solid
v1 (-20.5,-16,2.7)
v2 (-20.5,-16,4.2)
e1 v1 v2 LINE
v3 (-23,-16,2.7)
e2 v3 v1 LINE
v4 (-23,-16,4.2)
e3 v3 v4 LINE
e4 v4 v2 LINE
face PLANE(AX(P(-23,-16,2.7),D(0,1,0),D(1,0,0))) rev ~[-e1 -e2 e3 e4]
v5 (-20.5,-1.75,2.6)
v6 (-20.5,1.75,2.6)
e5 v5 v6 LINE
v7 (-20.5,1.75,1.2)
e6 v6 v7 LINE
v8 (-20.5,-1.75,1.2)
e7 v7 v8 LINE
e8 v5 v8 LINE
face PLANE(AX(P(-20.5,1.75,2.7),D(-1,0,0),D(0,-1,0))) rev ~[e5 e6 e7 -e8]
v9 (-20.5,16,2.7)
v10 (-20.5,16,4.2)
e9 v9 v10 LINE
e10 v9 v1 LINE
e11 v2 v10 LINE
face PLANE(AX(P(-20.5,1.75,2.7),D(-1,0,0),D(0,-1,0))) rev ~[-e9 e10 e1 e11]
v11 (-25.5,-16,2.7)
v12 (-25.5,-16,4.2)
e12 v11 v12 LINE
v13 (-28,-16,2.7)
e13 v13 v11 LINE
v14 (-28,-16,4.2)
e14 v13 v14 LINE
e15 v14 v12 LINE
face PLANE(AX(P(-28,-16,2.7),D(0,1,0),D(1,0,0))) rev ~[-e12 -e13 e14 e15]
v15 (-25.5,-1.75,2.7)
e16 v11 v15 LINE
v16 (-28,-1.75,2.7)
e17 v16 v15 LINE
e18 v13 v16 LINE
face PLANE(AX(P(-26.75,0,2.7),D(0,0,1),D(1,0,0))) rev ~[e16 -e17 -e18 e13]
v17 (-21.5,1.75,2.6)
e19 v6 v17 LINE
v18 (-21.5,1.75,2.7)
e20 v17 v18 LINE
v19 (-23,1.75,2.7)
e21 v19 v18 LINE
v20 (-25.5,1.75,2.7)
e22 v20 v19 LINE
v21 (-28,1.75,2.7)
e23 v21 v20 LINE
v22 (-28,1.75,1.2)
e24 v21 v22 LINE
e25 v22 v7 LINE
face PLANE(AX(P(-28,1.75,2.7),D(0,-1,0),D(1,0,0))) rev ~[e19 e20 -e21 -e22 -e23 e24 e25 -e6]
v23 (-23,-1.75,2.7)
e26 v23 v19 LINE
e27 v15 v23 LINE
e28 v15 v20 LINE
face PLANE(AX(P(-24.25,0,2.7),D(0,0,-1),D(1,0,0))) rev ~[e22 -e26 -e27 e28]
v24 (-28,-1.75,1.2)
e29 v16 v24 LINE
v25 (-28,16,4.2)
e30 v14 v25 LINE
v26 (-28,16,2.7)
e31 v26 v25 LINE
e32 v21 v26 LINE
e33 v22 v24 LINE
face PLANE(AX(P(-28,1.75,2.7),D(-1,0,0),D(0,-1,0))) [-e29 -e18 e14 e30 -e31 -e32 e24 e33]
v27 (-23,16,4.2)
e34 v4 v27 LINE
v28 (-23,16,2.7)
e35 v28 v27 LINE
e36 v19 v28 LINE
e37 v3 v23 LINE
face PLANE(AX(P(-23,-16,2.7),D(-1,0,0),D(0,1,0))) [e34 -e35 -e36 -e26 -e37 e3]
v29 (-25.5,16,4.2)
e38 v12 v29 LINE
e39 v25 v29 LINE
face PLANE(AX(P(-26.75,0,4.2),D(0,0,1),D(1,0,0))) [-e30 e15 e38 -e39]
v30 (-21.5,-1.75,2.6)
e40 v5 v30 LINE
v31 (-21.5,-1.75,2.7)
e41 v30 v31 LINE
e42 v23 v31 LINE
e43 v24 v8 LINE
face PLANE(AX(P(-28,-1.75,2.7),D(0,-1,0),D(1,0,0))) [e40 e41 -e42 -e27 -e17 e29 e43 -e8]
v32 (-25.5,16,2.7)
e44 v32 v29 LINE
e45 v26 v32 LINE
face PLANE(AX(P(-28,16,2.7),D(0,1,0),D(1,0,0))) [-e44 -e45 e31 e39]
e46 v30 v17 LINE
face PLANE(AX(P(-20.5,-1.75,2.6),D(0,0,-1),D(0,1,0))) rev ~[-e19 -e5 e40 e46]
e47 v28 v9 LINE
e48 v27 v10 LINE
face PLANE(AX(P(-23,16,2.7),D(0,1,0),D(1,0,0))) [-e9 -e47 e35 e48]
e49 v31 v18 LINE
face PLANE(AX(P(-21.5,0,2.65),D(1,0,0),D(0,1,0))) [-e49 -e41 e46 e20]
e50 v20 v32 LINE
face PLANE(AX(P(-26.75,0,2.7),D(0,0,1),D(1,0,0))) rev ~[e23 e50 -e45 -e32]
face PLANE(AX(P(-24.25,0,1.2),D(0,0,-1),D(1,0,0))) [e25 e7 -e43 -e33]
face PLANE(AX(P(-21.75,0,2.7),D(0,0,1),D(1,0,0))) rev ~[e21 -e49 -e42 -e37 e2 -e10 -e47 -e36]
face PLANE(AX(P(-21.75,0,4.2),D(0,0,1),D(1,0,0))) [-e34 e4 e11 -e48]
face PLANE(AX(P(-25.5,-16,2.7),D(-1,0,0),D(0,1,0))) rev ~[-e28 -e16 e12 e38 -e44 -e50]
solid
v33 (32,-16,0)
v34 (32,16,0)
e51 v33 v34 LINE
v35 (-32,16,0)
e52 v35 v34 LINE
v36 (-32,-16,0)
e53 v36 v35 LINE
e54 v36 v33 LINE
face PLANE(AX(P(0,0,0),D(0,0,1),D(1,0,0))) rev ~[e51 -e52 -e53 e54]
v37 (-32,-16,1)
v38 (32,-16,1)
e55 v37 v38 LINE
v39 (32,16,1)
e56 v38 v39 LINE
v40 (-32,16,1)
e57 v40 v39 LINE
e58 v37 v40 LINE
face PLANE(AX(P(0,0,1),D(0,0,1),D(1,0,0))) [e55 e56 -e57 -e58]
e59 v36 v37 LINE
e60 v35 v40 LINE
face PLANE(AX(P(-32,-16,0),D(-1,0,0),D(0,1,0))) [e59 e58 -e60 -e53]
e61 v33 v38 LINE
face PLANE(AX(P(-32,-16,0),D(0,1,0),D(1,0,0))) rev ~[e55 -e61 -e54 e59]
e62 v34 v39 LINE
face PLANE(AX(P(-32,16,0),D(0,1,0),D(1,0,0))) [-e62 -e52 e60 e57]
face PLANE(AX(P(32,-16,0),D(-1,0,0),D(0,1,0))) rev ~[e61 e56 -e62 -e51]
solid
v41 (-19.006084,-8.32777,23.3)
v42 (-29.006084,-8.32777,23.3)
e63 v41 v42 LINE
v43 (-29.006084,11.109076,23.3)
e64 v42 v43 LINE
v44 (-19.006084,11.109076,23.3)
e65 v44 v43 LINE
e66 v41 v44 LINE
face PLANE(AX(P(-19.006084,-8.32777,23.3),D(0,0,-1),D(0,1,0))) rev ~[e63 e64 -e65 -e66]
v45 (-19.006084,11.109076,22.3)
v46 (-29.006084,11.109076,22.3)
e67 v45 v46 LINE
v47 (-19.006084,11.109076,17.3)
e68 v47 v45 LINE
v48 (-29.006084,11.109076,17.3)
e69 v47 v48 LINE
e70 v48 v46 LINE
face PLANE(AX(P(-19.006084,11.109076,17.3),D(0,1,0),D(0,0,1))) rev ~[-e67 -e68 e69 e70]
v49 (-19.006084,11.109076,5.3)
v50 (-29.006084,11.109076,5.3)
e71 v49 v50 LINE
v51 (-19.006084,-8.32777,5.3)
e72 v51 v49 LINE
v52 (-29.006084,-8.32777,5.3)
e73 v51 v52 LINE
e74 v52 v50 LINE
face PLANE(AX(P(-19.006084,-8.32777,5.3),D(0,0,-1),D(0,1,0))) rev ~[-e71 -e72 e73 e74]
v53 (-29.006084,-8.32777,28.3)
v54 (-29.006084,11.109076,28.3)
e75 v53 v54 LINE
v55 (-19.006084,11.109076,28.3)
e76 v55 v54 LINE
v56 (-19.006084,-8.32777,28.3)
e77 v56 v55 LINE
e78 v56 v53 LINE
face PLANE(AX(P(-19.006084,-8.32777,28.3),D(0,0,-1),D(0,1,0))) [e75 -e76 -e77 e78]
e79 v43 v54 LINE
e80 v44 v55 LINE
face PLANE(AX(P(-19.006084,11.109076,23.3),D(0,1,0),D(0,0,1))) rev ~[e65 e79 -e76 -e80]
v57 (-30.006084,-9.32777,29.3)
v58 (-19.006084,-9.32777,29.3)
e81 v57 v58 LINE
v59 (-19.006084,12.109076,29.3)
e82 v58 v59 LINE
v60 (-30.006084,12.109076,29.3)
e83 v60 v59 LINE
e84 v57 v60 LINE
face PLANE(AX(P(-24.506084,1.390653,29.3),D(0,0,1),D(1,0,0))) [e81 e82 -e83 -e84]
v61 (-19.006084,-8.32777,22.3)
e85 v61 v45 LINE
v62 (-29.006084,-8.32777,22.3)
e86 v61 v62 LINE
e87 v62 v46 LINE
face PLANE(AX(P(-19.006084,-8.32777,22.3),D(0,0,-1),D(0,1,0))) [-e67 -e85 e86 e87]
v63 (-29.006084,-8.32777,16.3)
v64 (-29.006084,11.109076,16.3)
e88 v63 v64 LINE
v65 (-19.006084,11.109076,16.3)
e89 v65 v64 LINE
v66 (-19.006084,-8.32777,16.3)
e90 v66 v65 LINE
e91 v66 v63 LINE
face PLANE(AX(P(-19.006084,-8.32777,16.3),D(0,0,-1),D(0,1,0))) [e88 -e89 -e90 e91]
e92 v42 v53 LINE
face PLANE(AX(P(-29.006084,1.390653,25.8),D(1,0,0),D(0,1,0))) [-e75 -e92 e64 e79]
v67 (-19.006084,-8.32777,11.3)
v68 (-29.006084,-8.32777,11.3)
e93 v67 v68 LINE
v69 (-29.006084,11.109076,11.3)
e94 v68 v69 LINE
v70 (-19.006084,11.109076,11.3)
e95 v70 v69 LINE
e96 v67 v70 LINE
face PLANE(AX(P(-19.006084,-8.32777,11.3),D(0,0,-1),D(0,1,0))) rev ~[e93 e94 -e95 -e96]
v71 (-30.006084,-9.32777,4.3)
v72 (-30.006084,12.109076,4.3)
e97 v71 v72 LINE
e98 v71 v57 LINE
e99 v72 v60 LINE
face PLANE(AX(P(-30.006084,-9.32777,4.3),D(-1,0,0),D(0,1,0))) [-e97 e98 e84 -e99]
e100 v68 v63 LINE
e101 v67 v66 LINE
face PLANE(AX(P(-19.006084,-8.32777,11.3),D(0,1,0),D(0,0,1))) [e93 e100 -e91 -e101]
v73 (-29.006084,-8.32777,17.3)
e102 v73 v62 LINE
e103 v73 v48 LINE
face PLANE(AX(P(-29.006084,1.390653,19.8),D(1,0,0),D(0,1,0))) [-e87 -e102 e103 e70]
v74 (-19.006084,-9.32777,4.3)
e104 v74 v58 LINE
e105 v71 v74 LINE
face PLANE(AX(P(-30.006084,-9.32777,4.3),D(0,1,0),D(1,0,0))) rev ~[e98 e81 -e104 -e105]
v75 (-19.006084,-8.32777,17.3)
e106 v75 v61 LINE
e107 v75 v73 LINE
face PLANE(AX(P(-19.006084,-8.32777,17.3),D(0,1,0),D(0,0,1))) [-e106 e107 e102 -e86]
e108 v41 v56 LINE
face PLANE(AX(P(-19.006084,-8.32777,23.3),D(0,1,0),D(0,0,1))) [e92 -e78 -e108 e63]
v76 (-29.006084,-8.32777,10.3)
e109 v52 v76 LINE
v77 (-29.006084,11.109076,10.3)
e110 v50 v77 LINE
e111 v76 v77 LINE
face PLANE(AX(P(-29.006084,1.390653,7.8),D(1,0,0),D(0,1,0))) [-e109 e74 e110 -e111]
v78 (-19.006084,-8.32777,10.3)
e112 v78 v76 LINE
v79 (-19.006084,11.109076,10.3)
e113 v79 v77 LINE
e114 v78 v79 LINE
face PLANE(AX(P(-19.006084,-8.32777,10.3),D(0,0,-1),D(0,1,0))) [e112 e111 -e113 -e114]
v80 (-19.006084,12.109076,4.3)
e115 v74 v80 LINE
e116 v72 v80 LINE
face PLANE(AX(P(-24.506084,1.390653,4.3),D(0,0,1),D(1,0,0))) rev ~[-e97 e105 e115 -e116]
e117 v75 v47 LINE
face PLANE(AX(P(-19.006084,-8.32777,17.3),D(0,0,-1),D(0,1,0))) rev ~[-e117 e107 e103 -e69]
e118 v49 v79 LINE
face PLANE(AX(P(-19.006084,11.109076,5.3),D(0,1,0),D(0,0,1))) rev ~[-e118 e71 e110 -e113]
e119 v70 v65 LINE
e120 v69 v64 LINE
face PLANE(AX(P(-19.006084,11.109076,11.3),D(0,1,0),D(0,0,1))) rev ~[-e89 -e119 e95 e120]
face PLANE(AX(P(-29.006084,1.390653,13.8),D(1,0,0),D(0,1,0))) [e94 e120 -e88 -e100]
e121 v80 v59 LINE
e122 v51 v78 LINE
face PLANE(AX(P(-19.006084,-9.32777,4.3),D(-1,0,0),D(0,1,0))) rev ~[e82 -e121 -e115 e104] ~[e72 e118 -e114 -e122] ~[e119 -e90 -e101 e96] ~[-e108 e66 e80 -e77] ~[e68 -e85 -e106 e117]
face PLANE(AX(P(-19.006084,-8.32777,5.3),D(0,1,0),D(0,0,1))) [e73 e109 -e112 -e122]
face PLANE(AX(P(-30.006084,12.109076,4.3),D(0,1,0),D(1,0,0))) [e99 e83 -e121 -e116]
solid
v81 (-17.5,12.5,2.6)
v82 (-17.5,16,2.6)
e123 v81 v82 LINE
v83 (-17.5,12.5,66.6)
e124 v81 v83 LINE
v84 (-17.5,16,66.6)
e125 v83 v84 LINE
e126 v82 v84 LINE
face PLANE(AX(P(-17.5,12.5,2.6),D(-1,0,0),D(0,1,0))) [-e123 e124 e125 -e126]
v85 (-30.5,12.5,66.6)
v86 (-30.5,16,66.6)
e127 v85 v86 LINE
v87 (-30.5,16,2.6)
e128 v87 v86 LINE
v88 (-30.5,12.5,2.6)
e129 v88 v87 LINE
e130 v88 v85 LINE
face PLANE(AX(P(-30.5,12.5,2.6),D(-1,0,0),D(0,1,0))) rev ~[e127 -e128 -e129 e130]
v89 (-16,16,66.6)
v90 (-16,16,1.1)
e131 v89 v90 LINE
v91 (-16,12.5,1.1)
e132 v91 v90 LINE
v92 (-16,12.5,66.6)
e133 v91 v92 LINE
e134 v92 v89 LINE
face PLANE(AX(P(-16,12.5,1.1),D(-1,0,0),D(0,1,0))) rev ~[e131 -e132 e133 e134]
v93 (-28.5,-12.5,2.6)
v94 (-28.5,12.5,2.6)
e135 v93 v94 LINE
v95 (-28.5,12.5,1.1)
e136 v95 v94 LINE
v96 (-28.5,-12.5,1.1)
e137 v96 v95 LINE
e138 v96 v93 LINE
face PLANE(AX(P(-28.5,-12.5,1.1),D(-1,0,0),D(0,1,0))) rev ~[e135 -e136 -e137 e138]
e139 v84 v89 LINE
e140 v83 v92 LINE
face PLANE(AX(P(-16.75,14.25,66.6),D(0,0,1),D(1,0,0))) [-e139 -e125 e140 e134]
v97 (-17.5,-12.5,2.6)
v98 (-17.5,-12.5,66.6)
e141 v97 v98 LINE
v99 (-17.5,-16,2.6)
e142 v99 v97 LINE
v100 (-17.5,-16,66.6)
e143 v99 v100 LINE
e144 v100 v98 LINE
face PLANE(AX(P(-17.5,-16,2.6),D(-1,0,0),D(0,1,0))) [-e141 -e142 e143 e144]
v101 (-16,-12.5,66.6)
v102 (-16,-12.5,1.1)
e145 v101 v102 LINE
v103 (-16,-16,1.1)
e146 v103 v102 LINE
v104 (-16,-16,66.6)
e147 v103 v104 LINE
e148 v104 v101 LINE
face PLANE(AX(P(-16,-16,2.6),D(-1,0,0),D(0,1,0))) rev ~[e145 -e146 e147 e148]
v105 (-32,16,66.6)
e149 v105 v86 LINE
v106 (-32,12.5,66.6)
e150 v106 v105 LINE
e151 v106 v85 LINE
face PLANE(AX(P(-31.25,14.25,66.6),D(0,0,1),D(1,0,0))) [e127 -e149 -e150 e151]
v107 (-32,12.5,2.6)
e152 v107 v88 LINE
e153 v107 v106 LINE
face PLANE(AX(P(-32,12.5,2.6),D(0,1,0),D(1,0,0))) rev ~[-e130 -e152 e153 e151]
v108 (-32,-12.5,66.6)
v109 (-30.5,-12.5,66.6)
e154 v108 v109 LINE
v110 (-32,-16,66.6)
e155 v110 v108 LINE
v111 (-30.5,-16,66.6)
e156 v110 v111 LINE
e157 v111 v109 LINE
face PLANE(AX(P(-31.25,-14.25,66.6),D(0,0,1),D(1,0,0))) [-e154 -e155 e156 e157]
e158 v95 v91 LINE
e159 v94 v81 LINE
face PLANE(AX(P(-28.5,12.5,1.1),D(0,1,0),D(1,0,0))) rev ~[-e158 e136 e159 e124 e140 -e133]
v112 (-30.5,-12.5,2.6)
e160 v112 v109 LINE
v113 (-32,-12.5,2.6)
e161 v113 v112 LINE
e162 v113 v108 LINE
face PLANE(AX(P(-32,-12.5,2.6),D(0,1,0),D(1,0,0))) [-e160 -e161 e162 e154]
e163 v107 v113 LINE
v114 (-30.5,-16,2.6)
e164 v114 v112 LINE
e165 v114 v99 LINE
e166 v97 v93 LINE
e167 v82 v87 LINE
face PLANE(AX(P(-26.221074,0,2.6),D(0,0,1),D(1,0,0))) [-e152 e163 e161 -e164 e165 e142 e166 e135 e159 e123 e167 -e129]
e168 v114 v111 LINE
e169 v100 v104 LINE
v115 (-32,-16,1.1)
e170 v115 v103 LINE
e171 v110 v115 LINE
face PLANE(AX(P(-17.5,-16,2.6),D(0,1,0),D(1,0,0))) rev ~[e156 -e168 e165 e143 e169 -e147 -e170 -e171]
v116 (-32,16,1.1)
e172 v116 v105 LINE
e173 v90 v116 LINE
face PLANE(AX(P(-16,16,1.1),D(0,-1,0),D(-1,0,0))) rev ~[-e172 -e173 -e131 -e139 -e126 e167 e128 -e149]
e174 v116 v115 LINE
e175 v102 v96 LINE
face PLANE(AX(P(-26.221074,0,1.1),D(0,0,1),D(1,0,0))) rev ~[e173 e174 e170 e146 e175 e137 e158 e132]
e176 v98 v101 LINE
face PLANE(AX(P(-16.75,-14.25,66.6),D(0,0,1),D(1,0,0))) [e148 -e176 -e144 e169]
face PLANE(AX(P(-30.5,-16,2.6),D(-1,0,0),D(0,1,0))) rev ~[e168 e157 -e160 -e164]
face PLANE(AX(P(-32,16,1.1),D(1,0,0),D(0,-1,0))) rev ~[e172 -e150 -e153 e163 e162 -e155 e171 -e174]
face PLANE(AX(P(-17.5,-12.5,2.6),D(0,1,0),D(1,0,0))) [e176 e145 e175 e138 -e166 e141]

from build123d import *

# Parameters (mm, degrees)
F0_W      = 64
F0_H      = 32
F1_DEPTH  = 1
F4_DEPTH  = 1.5
F5_W      = 1.5
F5_H      = 3.5
F6_DEPTH  = 64
F8_W      = 2.5
F8_H      = 32
F9_DEPTH  = 1.5
F10_W     = 7.5
F10_H     = 3.5
F11_DEPTH = 1.5
F12_W     = 3.5
F12_H     = 0.1
F13_DEPTH = 1
F15_W     = 11
F15_H     = 21.4368455679
F16_DEPTH = 25
F17_W     = 19.4368455679
F17_H     = 5
F18_DEPTH = 10


with BuildPart() as f1:
    # F0 (on Top) → F1 (new body)
    with BuildSketch(Plane.XY):
        Rectangle(F0_W, F0_H)
    extrude(amount=F1_DEPTH)


with BuildPart() as f4:
    # F3 (on offset) → F4 (new body)
    with BuildSketch(Plane.XY.offset(1.1)):
        Polygon((-32, 16), (-32, -16), (-16, -16), (-16, -12.5), (-28.5, -12.5), (-28.5, 12.5), (-16, 12.5), (-16, 16), align=None)
    extrude(amount=F4_DEPTH)

    # F5 (on face) → F6 (join)
    with BuildSketch(Plane.XY.offset(2.6)):
        with Locations((-16.75, -14.25)):
            Rectangle(F5_W, F5_H)
        with Locations((-16.75, 14.25)):
            Rectangle(F5_W, F5_H)
        with Locations((-31.25, -14.25)):
            Rectangle(F5_W, F5_H)
        with Locations((-31.25, 14.25)):
            Rectangle(F5_W, F5_H)
    extrude(amount=F6_DEPTH)


with BuildPart() as f9:
    # F8 (on offset) → F9 (new body)
    with BuildSketch(Plane.XY.offset(2.7)):
        with Locations((-26.75, 0)):
            Rectangle(F8_W, F8_H)
    extrude(amount=F9_DEPTH)



with BuildPart() as f9b:
    # F8 (on offset) → F9, piece 2 (new body)
    with BuildSketch(Plane.XY.offset(2.7)):
        with Locations((-21.75, 0)):
            Rectangle(F8_W, F8_H)
    extrude(amount=F9_DEPTH)


with BuildPart() as f9_1:
    add(f9.part)

    add(f9b.part)  # F11 merges F9b
    # F10 (on face) → F11 (join)
    with BuildSketch(Plane(origin=(0, 0, 2.7), x_dir=(1, 0, 0), z_dir=(0, 0, -1))):
        with Locations((-24.25, 0)):
            Rectangle(F10_W, F10_H)
    extrude(amount=F11_DEPTH)

    # F12 (on face) → F13 (cut)
    with BuildSketch(Plane.YZ.offset(-20.5)):
        with Locations((0, 2.65)):
            Rectangle(F12_W, F12_H)
    extrude(amount=-F13_DEPTH, mode=Mode.SUBTRACT)


with BuildPart() as f16:
    # F15 (on offset) → F16 (new body)
    with BuildSketch(Plane.XY.offset(4.3)):
        with Locations((-24.5060836896, 1.3906531967)):
            Rectangle(F15_W, F15_H)
    extrude(amount=F16_DEPTH)

    # F17 (on face) → F18 (cut)
    with BuildSketch(Plane.YZ.offset(-19.0060836896)):
        with Locations((1.3906531967, 25.8)):
            Rectangle(F17_W, F17_H)
        with Locations((1.3906531967, 19.8)):
            Rectangle(F17_W, F17_H)
        with Locations((1.3906531967, 13.8)):
            Rectangle(F17_W, F17_H)
        with Locations((1.3906531967, 7.8)):
            Rectangle(F17_W, F17_H)
    extrude(amount=-F18_DEPTH, mode=Mode.SUBTRACT)


solid = Compound([f1.part, f4.part, f9_1.part, f16.part])
